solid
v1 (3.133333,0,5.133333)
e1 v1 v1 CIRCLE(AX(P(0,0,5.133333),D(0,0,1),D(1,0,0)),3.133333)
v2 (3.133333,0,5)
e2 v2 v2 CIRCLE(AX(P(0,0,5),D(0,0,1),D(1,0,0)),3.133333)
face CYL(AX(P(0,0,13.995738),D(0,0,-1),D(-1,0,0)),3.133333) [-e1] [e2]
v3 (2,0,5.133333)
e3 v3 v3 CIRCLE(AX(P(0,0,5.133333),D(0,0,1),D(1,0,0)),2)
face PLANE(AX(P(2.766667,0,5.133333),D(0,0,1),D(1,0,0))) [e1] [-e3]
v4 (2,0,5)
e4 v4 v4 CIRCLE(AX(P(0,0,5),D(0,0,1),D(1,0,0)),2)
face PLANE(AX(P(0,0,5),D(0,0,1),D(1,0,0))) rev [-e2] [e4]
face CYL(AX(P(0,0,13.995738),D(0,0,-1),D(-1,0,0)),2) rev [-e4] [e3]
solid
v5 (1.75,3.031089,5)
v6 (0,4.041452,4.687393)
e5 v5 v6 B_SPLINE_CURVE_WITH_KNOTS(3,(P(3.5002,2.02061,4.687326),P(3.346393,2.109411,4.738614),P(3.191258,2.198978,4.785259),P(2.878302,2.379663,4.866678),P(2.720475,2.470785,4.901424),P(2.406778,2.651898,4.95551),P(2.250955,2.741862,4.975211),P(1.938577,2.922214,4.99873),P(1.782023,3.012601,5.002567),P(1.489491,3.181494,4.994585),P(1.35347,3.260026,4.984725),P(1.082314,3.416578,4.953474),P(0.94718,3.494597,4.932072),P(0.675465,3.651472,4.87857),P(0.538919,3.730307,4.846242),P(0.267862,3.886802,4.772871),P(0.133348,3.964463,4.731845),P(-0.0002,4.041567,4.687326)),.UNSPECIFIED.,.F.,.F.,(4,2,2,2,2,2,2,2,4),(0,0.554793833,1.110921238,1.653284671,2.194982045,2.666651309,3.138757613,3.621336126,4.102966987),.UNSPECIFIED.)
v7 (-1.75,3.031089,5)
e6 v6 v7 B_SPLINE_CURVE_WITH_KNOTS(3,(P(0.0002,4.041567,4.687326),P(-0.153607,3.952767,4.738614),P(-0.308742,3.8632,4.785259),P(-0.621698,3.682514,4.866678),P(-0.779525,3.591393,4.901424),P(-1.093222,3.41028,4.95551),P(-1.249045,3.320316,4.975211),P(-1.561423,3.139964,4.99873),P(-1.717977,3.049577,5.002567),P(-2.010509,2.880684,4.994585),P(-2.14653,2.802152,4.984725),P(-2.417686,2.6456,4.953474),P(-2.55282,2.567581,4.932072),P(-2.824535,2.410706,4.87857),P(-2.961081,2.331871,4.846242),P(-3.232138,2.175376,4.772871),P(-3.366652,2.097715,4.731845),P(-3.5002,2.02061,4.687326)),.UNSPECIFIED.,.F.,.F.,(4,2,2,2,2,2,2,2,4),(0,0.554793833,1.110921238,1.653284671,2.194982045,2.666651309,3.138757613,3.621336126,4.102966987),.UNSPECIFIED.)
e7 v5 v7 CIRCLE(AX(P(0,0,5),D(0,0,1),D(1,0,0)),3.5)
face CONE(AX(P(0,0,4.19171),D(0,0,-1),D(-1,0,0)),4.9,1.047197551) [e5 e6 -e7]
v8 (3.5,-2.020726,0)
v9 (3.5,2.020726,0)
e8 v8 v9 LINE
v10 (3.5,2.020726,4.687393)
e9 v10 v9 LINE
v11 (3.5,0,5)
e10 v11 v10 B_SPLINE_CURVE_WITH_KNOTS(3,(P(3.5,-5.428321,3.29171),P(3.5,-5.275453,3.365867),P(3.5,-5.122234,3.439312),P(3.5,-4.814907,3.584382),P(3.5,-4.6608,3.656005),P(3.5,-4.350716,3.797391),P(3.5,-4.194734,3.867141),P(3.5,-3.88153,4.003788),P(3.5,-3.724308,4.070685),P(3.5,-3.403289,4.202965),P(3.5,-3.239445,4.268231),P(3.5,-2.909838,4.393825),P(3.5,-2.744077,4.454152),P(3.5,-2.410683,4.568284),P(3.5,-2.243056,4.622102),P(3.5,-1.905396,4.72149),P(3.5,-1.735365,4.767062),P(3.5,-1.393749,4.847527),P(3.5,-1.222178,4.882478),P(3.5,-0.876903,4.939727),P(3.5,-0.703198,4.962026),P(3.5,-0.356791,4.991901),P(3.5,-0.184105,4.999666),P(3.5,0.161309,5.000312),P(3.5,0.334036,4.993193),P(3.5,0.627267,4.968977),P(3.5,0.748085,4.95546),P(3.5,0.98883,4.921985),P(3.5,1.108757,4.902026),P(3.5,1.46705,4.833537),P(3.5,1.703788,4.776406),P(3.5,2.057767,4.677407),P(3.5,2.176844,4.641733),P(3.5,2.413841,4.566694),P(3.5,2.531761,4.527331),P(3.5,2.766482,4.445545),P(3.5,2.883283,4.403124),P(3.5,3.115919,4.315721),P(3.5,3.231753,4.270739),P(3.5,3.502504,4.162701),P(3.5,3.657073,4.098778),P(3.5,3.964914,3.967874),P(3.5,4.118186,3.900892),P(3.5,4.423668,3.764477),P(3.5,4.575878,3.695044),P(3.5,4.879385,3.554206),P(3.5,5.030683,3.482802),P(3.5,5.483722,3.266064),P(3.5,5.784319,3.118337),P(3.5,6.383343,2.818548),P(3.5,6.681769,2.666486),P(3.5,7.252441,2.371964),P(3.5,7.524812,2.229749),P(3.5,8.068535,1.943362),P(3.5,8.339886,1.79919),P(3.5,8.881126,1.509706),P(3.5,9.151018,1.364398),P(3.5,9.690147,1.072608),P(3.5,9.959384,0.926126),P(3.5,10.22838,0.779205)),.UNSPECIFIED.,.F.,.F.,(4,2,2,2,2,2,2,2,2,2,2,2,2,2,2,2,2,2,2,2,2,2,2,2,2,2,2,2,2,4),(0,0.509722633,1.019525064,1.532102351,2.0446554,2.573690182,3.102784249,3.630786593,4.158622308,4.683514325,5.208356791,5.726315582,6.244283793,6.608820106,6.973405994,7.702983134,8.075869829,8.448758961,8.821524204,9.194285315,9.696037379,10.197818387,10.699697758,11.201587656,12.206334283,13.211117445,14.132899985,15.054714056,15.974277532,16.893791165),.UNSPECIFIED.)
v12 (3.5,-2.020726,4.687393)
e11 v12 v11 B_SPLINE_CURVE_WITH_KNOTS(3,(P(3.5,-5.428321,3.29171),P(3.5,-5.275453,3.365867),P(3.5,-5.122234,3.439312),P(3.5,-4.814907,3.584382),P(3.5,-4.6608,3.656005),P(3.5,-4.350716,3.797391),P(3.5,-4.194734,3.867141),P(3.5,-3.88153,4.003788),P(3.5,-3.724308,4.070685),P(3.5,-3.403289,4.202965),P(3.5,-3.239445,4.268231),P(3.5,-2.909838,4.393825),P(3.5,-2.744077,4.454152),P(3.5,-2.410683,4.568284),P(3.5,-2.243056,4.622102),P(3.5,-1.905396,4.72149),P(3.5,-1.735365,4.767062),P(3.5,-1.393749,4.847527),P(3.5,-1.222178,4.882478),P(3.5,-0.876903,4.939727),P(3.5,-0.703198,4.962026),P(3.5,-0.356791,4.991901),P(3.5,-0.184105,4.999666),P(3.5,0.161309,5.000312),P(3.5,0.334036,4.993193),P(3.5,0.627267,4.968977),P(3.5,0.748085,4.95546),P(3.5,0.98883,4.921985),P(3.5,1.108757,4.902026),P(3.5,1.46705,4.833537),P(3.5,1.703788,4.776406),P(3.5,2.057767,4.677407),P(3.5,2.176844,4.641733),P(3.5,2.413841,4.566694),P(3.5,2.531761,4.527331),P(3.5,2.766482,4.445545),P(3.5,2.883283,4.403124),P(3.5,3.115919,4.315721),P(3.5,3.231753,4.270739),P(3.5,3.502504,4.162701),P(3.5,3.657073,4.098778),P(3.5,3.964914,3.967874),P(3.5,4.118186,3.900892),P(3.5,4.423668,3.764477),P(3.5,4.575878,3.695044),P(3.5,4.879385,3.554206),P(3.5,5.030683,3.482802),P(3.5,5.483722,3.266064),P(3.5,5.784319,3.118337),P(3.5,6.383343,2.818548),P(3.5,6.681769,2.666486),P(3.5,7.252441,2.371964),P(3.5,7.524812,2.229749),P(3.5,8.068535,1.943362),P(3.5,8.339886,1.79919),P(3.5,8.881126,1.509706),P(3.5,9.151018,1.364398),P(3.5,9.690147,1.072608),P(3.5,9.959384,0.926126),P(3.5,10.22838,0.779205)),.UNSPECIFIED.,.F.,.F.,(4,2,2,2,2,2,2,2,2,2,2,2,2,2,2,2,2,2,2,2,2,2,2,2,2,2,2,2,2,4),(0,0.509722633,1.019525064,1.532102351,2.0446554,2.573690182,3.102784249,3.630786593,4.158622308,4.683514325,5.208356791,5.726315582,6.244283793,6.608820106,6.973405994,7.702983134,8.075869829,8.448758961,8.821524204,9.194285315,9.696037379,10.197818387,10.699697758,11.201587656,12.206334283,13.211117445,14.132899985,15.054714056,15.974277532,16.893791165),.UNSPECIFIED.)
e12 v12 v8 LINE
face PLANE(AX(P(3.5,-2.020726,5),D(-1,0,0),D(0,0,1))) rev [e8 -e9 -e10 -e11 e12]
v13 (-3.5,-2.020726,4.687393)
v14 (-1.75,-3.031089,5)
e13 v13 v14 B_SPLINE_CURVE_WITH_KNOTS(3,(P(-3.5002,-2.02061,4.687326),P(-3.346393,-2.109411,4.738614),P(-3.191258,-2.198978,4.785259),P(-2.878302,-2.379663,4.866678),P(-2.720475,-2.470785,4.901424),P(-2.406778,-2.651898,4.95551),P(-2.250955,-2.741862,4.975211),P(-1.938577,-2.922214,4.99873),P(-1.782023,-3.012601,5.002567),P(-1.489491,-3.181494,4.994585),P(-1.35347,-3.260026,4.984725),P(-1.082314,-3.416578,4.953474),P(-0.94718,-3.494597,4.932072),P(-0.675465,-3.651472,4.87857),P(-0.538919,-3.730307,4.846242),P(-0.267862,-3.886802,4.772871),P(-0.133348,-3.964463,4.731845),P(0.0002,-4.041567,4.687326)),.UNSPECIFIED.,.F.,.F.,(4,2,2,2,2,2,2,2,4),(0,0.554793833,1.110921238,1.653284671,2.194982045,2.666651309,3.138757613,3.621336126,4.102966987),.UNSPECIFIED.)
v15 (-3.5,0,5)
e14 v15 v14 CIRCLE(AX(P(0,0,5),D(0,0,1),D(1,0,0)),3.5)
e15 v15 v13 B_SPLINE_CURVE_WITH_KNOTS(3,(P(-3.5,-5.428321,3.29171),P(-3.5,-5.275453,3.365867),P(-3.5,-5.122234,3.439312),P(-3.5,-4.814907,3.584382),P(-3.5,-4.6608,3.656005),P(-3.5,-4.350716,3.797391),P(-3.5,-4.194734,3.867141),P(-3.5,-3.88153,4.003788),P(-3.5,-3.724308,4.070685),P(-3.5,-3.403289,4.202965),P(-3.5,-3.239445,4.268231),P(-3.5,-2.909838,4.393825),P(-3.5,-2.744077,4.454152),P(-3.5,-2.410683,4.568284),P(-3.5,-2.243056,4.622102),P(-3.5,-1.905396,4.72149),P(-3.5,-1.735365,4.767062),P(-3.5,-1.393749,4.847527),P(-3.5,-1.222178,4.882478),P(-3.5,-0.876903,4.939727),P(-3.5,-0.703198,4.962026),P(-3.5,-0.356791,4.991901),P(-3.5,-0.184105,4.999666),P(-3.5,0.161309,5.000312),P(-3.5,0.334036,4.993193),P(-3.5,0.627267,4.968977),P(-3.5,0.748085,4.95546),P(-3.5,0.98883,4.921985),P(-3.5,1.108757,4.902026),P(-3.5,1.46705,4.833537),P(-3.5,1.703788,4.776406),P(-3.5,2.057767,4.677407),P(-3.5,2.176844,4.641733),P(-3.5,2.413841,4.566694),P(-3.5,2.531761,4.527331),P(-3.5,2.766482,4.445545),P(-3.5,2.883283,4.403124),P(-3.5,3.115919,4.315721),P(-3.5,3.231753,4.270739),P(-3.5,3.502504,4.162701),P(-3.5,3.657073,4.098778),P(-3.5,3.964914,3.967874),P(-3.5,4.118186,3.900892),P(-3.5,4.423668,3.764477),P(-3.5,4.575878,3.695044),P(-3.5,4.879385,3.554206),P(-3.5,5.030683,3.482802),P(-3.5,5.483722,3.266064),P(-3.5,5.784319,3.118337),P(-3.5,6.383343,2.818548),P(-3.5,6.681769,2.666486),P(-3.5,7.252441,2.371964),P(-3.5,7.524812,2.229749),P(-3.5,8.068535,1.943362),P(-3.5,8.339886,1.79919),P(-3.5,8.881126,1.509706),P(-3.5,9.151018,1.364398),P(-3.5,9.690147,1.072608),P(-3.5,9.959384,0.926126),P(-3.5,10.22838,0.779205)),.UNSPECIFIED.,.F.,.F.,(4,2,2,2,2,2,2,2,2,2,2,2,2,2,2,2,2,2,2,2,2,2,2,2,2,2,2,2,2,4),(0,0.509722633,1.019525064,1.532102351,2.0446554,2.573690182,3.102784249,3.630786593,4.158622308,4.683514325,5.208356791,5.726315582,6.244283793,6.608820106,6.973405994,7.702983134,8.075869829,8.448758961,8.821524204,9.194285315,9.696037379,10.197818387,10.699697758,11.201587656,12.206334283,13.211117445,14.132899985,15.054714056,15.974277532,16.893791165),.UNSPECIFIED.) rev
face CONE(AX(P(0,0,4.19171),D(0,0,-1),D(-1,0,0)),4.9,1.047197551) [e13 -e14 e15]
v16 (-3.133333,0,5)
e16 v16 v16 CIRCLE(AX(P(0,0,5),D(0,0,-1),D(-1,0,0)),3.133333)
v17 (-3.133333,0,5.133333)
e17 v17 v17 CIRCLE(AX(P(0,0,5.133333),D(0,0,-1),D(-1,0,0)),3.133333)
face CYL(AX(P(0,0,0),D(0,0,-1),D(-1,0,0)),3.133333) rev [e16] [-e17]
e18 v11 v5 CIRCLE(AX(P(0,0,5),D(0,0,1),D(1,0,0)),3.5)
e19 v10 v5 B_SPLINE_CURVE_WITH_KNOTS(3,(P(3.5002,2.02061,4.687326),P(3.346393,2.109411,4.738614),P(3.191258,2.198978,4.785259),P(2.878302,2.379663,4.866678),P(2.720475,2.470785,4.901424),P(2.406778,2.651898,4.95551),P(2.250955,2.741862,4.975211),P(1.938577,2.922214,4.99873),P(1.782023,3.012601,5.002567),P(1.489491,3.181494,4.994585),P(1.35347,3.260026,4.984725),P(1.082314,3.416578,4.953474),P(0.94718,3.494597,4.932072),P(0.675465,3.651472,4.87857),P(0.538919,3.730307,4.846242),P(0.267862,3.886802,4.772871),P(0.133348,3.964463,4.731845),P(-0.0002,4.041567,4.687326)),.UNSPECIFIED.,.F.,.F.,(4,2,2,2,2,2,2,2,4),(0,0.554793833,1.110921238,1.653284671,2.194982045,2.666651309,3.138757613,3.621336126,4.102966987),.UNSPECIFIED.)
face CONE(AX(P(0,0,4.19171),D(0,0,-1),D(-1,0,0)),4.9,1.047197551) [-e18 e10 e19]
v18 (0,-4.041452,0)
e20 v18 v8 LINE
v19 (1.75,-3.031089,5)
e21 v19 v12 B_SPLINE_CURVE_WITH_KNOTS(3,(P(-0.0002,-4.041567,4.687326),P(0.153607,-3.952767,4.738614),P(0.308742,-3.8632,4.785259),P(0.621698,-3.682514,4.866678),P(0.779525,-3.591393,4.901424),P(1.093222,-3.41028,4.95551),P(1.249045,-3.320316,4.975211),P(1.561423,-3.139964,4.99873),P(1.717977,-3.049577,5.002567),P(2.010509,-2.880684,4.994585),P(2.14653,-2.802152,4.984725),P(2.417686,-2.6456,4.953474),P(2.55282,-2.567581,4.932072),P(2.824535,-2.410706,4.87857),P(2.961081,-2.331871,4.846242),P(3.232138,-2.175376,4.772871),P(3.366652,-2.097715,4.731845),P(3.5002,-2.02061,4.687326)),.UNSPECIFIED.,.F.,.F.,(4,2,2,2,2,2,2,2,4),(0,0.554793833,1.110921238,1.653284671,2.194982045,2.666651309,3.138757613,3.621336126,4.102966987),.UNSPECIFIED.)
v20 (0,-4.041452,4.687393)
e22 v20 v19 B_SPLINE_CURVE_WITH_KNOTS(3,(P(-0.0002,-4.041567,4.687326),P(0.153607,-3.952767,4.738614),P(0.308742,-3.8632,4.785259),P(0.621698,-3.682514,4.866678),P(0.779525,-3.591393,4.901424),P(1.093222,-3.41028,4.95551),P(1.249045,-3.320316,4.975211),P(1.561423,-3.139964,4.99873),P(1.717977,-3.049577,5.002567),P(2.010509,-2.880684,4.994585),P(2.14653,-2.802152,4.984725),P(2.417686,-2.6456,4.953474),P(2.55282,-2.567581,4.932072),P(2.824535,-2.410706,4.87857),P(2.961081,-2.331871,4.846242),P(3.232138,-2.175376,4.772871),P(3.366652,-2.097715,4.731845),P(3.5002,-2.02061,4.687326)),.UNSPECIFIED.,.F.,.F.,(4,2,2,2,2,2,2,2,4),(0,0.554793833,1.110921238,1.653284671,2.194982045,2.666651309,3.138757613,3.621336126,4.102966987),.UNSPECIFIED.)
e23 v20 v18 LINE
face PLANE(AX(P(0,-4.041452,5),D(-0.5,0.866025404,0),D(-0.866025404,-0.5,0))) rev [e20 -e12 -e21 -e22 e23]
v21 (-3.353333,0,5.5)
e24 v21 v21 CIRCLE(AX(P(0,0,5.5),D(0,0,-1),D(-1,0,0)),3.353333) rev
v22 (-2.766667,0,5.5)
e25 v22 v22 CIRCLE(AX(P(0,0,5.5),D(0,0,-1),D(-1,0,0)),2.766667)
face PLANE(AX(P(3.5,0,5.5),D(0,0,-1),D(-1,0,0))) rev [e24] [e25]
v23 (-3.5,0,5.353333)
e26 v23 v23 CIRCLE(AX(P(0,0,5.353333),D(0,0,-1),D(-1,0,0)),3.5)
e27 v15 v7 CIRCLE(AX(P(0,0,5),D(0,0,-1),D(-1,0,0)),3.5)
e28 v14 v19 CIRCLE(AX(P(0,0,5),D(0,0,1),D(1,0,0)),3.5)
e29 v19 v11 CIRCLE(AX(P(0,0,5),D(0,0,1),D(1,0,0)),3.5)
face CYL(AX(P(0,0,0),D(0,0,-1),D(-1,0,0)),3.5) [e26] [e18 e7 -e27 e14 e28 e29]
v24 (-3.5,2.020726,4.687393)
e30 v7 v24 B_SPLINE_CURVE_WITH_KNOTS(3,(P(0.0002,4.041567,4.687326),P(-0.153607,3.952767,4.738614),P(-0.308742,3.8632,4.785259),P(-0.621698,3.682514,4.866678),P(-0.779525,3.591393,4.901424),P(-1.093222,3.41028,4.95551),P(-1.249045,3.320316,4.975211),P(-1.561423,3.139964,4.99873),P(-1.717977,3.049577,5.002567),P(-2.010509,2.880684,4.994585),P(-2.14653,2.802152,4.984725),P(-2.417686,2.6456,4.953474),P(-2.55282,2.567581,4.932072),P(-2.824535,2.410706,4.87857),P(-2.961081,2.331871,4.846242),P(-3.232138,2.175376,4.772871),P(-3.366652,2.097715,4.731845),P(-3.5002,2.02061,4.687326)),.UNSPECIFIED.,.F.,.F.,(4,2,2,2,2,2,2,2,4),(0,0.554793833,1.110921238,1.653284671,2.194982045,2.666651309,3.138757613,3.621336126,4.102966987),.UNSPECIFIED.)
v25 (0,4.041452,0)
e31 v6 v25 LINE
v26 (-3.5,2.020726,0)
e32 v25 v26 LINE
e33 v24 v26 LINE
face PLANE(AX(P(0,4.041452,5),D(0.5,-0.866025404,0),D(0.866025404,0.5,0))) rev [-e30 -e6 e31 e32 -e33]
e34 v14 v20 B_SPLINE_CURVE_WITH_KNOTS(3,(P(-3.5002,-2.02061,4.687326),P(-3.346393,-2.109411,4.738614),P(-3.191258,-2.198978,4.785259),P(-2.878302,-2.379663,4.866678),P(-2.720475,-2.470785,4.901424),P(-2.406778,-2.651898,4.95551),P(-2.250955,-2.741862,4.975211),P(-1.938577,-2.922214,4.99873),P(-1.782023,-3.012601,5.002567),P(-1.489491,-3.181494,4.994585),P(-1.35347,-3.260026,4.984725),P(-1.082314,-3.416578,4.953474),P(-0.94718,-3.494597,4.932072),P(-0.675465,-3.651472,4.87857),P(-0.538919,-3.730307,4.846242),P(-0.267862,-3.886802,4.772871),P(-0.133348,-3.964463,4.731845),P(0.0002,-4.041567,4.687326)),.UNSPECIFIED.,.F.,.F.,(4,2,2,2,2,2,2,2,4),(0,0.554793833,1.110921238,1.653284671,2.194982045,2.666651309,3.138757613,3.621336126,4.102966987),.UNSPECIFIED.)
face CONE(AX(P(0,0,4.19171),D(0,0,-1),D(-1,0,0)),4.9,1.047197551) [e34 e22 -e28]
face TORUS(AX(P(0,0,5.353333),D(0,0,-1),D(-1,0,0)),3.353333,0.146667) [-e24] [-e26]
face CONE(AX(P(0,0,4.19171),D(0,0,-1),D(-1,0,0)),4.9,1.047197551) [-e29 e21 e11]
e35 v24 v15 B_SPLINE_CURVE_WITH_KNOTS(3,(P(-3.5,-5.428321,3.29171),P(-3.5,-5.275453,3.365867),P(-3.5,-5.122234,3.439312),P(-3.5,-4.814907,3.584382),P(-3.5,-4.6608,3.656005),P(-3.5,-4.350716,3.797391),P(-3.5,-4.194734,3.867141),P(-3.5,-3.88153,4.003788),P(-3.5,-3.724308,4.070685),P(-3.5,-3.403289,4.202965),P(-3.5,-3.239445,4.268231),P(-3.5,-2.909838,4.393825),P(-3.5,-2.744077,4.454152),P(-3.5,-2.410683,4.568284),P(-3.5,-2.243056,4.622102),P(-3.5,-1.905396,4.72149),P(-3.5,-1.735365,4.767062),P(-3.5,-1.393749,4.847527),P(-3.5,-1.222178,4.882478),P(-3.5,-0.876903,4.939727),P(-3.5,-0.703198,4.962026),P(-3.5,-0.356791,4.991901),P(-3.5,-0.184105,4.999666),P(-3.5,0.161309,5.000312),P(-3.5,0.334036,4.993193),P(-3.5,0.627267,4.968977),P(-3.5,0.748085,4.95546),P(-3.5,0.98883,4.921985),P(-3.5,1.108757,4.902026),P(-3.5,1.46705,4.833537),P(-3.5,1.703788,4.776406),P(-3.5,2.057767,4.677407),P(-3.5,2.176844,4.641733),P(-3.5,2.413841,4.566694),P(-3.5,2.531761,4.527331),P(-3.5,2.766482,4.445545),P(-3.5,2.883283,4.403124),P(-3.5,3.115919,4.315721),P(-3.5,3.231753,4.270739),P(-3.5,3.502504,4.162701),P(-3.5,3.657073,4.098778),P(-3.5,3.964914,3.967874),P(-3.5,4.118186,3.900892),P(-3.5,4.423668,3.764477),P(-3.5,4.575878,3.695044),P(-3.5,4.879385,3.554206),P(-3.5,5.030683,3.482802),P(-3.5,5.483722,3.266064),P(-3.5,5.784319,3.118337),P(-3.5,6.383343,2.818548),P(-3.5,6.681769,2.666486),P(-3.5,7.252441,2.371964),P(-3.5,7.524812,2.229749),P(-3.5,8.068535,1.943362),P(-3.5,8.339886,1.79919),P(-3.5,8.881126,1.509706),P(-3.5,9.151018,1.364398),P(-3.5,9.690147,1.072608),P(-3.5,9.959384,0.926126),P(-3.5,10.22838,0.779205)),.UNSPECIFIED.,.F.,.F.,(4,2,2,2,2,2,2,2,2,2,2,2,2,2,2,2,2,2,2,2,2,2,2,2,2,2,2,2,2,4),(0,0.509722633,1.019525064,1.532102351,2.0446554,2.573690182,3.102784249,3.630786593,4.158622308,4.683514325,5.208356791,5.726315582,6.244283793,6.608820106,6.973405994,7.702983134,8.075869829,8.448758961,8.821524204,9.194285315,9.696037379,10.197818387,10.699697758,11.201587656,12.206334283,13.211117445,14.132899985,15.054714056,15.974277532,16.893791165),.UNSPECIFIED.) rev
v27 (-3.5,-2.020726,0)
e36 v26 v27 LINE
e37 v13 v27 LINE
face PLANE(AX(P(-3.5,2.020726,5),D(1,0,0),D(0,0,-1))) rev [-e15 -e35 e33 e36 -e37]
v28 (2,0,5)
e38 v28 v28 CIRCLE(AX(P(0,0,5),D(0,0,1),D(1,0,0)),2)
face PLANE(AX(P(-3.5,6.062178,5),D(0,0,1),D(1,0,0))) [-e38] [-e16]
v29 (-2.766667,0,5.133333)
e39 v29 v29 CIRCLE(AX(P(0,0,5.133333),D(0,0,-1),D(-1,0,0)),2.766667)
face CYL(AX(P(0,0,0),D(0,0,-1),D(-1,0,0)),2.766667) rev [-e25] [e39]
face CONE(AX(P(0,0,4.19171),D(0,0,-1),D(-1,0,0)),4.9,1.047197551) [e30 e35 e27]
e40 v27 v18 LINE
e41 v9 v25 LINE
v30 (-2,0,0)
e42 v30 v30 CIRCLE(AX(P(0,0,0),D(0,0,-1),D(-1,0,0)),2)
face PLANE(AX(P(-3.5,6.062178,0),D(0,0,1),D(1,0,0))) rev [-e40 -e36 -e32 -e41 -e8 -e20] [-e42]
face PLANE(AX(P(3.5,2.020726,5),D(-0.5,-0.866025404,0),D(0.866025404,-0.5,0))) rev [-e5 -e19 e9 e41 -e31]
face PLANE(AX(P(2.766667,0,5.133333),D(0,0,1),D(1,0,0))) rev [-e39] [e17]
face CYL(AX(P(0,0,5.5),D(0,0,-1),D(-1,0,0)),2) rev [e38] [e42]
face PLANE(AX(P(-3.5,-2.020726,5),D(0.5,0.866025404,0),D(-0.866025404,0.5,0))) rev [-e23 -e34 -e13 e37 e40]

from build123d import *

# Parameters (mm, degrees)
EXTRUDE1_DEPTH     = 5
SKETCH5_R          = 3.133333333
SKETCH5_R_2        = 2
EXTRUDE2_DEPTH     = 0.133333333
SKETCH4_R          = 2
CUT_EXTRUDE1_DEPTH = 8.670288999
FILLET2_R          = 0.146666667


with BuildPart() as part:
    # Sketch1 → Extrude1 (new body)
    with BuildSketch(Plane.XY):
        Polygon((0, 4.041451884), (-3.5, 2.020725942), (-3.5, -2.020725942), (0, -4.041451884), (3.5, -2.020725942), (3.5, 2.020725942), align=None)
    extrude(amount=EXTRUDE1_DEPTH)

    # Sketch2 → Cut-Revolve1 (revolve, cut)
    with BuildSketch(Plane(origin=(0, 0, 0), x_dir=(1, 0, 0), z_dir=(0, 1, 0))):
        Polygon((3.5, -5), (4.9, -5), (4.9, -4.191709623), align=None)
    revolve(axis=Axis((0, 0, 0), (0, 0, 1)), mode=Mode.SUBTRACT)

    # Sketch3 → Revolve1 (revolve)
    with BuildSketch(Plane(origin=(0, 0, 0), x_dir=(1, 0, 0), z_dir=(0, 1, 0)), mode=Mode.PRIVATE) as revolve1_sk:
        Polygon((3.5, -5), (3.5, -5.5), (2.766666667, -5.5), (2.766666667, -5.133333333), (3.133333333, -5.133333333), (3.133333333, -5), align=None)
    revolve(revolve1_sk.sketch.rotate(Axis((0, 0, 0), (0, 0, 1)), 180), axis=Axis((0, 0, 0), (0, 0, 1)))

    # Sketch4 → Cut-Extrude1 (cut, through all)
    with BuildSketch(Plane(origin=(0, 0, 0), x_dir=(-1, 0, 0), z_dir=(0, 0, -1))):
        with Locations(Location((0, 0, 0), (0, 0, 180))):
            Circle(SKETCH4_R)
    extrude(amount=-CUT_EXTRUDE1_DEPTH, mode=Mode.SUBTRACT)

    # Fillet2
    fillet2_edges = [part.edges().sort_by_distance(p)[0] for p in [
        (3.5, 0, 5.5),
    ]]
    fillet(fillet2_edges, radius=FILLET2_R)


with BuildPart() as body_2:
    # Sketch5 → Extrude2 (new body)
    with BuildSketch(Plane.XY.offset(5)):
        Circle(SKETCH5_R)
        Circle(SKETCH5_R_2, mode=Mode.SUBTRACT)
    extrude(amount=EXTRUDE2_DEPTH)


solid = Compound([part.part, body_2.part])
